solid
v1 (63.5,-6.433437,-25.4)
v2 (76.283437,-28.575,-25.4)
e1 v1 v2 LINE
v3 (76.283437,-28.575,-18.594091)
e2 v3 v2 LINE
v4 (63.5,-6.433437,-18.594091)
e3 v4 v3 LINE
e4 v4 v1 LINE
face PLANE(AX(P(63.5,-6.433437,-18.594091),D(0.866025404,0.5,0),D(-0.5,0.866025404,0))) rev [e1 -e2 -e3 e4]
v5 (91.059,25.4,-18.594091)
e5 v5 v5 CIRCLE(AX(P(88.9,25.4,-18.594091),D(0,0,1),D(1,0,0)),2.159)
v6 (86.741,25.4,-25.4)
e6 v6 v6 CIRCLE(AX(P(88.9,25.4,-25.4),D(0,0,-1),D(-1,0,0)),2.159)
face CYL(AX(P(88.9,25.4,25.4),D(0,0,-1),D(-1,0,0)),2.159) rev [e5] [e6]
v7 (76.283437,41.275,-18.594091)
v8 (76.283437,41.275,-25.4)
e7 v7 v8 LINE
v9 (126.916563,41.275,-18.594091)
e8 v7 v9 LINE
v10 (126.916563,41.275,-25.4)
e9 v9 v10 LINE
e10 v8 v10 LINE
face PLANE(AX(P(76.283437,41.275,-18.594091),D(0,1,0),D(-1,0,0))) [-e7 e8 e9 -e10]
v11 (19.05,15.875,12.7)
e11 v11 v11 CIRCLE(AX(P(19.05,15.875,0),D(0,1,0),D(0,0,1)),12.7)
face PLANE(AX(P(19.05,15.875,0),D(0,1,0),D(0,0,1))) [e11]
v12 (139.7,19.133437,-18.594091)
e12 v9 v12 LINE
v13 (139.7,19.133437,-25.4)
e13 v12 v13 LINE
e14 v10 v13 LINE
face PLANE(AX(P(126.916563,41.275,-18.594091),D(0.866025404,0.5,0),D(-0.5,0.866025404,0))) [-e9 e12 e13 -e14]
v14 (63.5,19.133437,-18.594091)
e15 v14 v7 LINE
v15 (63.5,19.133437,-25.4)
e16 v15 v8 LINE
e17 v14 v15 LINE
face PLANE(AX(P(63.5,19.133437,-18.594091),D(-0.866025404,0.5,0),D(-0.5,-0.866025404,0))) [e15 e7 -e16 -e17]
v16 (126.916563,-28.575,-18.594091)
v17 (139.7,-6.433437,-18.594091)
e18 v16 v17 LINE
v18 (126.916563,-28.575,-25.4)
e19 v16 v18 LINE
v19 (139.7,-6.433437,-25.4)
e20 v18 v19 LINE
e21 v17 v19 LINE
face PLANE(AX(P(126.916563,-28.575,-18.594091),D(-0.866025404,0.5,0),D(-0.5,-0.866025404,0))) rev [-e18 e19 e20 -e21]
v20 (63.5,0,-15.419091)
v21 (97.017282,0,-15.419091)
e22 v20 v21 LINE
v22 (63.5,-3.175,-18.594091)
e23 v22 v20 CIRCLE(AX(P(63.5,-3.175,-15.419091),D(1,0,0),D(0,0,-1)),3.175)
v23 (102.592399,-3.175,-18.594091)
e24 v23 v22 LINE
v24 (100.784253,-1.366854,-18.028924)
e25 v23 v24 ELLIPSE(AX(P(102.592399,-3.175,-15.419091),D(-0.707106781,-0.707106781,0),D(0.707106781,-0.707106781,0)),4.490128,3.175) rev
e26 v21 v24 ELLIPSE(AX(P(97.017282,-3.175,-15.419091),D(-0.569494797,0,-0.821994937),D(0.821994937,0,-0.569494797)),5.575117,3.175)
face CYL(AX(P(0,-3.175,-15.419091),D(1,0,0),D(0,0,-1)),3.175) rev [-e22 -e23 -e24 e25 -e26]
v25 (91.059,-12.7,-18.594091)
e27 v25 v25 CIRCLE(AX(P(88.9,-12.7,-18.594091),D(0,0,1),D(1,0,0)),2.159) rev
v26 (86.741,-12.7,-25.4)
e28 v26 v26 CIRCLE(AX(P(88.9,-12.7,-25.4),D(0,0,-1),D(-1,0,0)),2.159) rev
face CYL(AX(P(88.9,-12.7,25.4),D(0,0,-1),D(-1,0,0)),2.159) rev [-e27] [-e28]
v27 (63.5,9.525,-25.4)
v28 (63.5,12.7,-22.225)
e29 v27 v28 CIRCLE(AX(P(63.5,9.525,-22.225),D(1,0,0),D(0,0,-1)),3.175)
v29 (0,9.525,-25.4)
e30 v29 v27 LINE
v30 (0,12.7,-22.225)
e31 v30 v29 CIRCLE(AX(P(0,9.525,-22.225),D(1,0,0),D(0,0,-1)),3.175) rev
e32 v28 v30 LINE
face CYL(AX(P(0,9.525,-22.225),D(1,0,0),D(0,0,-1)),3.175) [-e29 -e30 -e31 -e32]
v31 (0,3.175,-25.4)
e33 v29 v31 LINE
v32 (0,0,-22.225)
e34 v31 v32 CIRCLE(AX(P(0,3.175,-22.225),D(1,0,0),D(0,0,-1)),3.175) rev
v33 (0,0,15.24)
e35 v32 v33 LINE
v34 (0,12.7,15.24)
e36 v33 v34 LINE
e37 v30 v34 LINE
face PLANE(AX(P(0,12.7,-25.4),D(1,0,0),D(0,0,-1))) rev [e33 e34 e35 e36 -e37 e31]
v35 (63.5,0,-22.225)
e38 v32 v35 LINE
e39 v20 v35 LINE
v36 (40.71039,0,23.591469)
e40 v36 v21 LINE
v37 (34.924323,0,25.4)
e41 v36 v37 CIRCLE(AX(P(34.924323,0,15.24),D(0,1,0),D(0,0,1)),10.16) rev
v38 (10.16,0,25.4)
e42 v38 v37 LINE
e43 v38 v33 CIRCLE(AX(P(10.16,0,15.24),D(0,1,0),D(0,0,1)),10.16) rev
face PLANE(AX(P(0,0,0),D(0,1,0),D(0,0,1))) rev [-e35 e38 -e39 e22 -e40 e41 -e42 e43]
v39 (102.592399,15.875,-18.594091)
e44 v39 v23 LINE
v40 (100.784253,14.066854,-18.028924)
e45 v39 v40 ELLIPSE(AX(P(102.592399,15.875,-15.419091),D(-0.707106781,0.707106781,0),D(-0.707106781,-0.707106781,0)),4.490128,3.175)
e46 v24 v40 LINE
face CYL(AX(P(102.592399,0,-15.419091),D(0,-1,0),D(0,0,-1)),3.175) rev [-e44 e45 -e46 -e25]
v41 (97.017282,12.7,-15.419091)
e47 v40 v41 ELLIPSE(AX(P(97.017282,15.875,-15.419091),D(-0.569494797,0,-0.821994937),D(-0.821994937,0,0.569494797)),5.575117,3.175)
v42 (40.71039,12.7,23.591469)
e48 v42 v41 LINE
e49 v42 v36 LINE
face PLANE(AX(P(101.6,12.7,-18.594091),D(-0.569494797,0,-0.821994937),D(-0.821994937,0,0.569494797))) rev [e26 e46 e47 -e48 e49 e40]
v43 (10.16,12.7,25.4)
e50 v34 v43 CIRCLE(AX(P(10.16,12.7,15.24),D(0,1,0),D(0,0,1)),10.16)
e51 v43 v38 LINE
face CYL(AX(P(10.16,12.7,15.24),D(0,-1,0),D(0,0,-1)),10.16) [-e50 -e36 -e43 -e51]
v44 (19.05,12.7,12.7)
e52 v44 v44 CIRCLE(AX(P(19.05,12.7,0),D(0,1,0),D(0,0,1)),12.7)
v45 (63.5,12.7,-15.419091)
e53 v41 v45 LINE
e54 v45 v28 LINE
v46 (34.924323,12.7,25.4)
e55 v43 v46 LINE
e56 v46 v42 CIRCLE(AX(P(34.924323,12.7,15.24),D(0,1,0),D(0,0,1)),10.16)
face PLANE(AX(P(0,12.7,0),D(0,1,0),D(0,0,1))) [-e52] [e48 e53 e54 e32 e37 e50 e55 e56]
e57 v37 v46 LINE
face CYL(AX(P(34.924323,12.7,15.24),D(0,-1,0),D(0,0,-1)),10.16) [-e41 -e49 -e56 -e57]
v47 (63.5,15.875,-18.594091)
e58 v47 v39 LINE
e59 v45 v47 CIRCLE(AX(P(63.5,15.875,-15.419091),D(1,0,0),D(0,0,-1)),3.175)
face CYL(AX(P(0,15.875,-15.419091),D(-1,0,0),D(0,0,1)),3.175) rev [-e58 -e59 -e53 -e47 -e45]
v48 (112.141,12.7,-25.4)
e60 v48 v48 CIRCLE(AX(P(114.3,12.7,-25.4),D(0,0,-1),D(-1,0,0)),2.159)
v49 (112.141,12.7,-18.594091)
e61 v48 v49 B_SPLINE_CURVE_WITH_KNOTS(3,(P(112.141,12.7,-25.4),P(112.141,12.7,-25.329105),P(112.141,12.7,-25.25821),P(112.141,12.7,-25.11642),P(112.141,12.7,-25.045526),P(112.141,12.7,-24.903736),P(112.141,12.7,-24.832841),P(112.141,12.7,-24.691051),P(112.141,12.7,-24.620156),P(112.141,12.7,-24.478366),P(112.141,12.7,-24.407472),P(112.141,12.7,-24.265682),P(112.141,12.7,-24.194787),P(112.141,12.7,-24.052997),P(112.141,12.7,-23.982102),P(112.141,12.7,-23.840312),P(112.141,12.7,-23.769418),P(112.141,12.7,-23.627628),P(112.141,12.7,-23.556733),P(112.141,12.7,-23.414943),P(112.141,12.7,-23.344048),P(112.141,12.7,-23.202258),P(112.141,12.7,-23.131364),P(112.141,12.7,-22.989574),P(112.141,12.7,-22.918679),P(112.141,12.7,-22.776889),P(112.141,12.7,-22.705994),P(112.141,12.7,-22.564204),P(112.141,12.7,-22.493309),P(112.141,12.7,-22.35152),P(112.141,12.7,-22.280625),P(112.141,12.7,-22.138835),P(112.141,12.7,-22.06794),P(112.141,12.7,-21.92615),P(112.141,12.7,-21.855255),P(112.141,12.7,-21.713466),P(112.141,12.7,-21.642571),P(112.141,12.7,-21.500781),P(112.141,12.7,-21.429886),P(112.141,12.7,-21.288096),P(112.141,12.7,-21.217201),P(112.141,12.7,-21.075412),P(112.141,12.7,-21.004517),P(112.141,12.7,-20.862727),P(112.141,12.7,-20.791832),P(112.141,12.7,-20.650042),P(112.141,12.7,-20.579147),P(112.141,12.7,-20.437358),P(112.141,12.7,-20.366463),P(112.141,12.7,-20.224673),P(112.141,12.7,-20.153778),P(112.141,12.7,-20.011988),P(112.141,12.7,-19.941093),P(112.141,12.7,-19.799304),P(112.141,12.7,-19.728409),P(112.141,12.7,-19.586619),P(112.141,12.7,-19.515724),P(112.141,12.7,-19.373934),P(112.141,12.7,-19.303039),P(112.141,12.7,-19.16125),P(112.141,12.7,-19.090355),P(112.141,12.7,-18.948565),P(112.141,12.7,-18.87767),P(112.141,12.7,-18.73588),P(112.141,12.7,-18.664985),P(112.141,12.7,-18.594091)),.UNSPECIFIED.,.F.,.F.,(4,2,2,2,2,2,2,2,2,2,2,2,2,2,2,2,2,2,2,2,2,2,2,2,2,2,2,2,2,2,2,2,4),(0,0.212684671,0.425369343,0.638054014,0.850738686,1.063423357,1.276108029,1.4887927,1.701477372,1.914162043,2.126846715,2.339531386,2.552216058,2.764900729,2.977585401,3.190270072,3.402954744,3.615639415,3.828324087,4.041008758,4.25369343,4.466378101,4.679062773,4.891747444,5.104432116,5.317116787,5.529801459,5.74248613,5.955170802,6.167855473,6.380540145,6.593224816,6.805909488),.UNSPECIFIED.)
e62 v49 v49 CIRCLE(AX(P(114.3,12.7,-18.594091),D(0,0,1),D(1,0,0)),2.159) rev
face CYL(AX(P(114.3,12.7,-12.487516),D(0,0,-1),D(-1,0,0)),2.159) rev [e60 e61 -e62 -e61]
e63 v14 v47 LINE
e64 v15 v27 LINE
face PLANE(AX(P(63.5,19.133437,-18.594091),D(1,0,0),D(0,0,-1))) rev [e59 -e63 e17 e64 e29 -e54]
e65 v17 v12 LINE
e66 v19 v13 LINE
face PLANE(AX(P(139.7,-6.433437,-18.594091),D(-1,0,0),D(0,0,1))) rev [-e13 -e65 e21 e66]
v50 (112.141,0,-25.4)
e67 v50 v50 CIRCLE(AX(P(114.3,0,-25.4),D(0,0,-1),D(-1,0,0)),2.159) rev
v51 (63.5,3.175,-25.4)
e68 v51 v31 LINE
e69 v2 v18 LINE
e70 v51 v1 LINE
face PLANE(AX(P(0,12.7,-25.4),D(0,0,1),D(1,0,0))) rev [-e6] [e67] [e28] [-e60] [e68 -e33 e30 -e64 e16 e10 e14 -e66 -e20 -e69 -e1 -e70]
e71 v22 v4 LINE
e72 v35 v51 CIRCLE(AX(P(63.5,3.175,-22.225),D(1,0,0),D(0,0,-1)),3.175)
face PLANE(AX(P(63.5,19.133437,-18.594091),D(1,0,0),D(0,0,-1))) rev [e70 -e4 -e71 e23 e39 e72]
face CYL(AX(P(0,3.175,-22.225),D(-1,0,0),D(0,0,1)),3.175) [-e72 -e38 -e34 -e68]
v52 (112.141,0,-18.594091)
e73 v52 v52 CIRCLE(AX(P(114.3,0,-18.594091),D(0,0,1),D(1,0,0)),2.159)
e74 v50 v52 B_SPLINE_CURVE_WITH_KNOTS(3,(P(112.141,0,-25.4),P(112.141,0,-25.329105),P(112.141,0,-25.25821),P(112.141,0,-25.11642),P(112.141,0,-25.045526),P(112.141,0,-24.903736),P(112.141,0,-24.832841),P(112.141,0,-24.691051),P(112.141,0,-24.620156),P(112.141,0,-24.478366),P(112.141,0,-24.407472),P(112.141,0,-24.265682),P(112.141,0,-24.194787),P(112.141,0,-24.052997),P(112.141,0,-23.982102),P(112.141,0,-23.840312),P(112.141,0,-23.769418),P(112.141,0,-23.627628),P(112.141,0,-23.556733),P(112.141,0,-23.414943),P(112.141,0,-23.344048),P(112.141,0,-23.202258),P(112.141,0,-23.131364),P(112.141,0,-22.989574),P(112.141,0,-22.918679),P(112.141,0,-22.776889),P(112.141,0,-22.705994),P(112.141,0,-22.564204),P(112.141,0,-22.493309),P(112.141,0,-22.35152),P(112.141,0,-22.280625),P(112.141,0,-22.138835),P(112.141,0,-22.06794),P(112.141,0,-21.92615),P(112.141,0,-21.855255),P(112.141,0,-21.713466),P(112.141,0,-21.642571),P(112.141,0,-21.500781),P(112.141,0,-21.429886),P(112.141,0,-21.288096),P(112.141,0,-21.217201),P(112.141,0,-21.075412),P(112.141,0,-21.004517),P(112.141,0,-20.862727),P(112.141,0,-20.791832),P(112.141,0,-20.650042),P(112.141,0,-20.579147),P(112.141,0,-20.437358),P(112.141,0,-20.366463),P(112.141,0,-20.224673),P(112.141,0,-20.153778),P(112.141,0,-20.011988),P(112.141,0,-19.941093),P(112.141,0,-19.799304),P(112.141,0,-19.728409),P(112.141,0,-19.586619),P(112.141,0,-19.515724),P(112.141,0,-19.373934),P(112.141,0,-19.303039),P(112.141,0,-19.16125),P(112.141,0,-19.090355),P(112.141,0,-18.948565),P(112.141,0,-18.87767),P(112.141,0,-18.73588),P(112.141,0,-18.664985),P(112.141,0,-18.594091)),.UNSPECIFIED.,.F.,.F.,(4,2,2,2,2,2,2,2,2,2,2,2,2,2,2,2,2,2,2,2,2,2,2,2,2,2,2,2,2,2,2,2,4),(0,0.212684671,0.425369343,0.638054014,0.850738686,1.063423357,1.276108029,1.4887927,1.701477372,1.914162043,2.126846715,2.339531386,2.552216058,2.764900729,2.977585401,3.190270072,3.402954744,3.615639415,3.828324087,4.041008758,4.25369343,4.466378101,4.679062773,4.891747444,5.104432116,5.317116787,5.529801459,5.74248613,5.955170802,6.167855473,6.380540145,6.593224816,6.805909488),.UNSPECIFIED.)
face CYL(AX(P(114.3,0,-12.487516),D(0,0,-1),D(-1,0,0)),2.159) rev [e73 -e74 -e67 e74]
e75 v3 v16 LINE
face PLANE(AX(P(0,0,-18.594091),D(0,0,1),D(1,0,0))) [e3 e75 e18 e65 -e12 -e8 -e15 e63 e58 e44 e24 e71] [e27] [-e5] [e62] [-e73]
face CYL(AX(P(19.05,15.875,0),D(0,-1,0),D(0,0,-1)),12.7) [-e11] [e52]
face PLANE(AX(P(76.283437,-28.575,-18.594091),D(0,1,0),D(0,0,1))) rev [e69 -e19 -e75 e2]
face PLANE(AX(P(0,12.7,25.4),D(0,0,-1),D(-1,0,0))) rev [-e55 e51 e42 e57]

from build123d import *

# Parameters (mm, degrees)
BOSS_EXTRUDE1_DEPTH = 12.7
BOSS_EXTRUDE2_DEPTH = 6.805909
SKETCH3_R           = 2.159
CUT_EXTRUDE1_DEPTH  = 155.273638788
SKETCH5_R           = 2.159
CUT_EXTRUDE2_DEPTH  = 6.805909488
FILLET1_R           = 3.175
SKETCH6_R           = 12.7
BOSS_EXTRUDE3_DEPTH = 3.175
FILLET2_R           = 10.16


with BuildPart() as part:
    # Sketch1 → Boss-Extrude1 (new body)
    with BuildSketch(Plane(origin=(0, 0, 0), x_dir=(1, 0, 0), z_dir=(0, 1, 0))):
        Polygon((0, 25.4), (38.1, 25.4), (101.6, 25.4), (101.6, 18.594090512), (38.1, -25.4), (0, -25.4), align=None)
    extrude(amount=BOSS_EXTRUDE1_DEPTH)

    # Sketch2 → Boss-Extrude2 (add)
    with BuildSketch(Plane(origin=(0, 0, -25.4), x_dir=(-1, 0, 0), z_dir=(0, 0, -1))):
        Polygon((-63.5, 19.133437227), (-63.5, -6.433437227), (-76.283437227, -28.575), (-126.916562773, -28.575), (-139.7, -6.433437227), (-139.7, 19.133437227), (-126.916562773, 41.275), (-76.283437227, 41.275), align=None)
    extrude(amount=-BOSS_EXTRUDE2_DEPTH)

    # Sketch3 → Cut-Extrude1 (cut, through all)
    with BuildSketch(Plane(origin=(0, 0, -25.4), x_dir=(-1, 0, 0), z_dir=(0, 0, -1))):
        with Locations((-88.9, 25.4)):
            Circle(SKETCH3_R)
        with Locations((-88.9, -12.7)):
            Circle(SKETCH3_R)
    extrude(amount=-CUT_EXTRUDE1_DEPTH, mode=Mode.SUBTRACT)

    # Sketch5 → Cut-Extrude2 (cut)
    with BuildSketch(Plane(origin=(0, 0, -25.4), x_dir=(-1, 0, 0), z_dir=(0, 0, -1))):
        with Locations((-114.3, 0)):
            Circle(SKETCH5_R)
        with Locations((-114.3, 12.7)):
            Circle(SKETCH5_R)
    extrude(amount=-CUT_EXTRUDE2_DEPTH, mode=Mode.SUBTRACT)

    # Fillet1
    fillet1_edges = [part.edges().sort_by_distance(p)[0] for p in [
        (101.6, 6.35, -18.594090512),
        (31.75, 0, -25.4),
        (82.55, 0, -18.594091),
        (31.75, 12.7, -25.4),
        (82.55, 12.7, -18.594091),
    ]]
    fillet(fillet1_edges, radius=FILLET1_R)

    # Sketch6 → Boss-Extrude3 (add)
    with BuildSketch(Plane(origin=(0, 12.7, 0), x_dir=(1, 0, 0), z_dir=(0, 1, 0))):
        with Locations(Location((19.05, 0, 0), (0, 0, 270))):
            Circle(SKETCH6_R)
    extrude(amount=BOSS_EXTRUDE3_DEPTH)

    # Fillet2
    fillet2_edges = [part.edges().sort_by_distance(p)[0] for p in [
        (38.1, 6.35, 25.4),
        (0, 6.35, 25.4),
    ]]
    fillet(fillet2_edges, radius=FILLET2_R)


solid = part.part
